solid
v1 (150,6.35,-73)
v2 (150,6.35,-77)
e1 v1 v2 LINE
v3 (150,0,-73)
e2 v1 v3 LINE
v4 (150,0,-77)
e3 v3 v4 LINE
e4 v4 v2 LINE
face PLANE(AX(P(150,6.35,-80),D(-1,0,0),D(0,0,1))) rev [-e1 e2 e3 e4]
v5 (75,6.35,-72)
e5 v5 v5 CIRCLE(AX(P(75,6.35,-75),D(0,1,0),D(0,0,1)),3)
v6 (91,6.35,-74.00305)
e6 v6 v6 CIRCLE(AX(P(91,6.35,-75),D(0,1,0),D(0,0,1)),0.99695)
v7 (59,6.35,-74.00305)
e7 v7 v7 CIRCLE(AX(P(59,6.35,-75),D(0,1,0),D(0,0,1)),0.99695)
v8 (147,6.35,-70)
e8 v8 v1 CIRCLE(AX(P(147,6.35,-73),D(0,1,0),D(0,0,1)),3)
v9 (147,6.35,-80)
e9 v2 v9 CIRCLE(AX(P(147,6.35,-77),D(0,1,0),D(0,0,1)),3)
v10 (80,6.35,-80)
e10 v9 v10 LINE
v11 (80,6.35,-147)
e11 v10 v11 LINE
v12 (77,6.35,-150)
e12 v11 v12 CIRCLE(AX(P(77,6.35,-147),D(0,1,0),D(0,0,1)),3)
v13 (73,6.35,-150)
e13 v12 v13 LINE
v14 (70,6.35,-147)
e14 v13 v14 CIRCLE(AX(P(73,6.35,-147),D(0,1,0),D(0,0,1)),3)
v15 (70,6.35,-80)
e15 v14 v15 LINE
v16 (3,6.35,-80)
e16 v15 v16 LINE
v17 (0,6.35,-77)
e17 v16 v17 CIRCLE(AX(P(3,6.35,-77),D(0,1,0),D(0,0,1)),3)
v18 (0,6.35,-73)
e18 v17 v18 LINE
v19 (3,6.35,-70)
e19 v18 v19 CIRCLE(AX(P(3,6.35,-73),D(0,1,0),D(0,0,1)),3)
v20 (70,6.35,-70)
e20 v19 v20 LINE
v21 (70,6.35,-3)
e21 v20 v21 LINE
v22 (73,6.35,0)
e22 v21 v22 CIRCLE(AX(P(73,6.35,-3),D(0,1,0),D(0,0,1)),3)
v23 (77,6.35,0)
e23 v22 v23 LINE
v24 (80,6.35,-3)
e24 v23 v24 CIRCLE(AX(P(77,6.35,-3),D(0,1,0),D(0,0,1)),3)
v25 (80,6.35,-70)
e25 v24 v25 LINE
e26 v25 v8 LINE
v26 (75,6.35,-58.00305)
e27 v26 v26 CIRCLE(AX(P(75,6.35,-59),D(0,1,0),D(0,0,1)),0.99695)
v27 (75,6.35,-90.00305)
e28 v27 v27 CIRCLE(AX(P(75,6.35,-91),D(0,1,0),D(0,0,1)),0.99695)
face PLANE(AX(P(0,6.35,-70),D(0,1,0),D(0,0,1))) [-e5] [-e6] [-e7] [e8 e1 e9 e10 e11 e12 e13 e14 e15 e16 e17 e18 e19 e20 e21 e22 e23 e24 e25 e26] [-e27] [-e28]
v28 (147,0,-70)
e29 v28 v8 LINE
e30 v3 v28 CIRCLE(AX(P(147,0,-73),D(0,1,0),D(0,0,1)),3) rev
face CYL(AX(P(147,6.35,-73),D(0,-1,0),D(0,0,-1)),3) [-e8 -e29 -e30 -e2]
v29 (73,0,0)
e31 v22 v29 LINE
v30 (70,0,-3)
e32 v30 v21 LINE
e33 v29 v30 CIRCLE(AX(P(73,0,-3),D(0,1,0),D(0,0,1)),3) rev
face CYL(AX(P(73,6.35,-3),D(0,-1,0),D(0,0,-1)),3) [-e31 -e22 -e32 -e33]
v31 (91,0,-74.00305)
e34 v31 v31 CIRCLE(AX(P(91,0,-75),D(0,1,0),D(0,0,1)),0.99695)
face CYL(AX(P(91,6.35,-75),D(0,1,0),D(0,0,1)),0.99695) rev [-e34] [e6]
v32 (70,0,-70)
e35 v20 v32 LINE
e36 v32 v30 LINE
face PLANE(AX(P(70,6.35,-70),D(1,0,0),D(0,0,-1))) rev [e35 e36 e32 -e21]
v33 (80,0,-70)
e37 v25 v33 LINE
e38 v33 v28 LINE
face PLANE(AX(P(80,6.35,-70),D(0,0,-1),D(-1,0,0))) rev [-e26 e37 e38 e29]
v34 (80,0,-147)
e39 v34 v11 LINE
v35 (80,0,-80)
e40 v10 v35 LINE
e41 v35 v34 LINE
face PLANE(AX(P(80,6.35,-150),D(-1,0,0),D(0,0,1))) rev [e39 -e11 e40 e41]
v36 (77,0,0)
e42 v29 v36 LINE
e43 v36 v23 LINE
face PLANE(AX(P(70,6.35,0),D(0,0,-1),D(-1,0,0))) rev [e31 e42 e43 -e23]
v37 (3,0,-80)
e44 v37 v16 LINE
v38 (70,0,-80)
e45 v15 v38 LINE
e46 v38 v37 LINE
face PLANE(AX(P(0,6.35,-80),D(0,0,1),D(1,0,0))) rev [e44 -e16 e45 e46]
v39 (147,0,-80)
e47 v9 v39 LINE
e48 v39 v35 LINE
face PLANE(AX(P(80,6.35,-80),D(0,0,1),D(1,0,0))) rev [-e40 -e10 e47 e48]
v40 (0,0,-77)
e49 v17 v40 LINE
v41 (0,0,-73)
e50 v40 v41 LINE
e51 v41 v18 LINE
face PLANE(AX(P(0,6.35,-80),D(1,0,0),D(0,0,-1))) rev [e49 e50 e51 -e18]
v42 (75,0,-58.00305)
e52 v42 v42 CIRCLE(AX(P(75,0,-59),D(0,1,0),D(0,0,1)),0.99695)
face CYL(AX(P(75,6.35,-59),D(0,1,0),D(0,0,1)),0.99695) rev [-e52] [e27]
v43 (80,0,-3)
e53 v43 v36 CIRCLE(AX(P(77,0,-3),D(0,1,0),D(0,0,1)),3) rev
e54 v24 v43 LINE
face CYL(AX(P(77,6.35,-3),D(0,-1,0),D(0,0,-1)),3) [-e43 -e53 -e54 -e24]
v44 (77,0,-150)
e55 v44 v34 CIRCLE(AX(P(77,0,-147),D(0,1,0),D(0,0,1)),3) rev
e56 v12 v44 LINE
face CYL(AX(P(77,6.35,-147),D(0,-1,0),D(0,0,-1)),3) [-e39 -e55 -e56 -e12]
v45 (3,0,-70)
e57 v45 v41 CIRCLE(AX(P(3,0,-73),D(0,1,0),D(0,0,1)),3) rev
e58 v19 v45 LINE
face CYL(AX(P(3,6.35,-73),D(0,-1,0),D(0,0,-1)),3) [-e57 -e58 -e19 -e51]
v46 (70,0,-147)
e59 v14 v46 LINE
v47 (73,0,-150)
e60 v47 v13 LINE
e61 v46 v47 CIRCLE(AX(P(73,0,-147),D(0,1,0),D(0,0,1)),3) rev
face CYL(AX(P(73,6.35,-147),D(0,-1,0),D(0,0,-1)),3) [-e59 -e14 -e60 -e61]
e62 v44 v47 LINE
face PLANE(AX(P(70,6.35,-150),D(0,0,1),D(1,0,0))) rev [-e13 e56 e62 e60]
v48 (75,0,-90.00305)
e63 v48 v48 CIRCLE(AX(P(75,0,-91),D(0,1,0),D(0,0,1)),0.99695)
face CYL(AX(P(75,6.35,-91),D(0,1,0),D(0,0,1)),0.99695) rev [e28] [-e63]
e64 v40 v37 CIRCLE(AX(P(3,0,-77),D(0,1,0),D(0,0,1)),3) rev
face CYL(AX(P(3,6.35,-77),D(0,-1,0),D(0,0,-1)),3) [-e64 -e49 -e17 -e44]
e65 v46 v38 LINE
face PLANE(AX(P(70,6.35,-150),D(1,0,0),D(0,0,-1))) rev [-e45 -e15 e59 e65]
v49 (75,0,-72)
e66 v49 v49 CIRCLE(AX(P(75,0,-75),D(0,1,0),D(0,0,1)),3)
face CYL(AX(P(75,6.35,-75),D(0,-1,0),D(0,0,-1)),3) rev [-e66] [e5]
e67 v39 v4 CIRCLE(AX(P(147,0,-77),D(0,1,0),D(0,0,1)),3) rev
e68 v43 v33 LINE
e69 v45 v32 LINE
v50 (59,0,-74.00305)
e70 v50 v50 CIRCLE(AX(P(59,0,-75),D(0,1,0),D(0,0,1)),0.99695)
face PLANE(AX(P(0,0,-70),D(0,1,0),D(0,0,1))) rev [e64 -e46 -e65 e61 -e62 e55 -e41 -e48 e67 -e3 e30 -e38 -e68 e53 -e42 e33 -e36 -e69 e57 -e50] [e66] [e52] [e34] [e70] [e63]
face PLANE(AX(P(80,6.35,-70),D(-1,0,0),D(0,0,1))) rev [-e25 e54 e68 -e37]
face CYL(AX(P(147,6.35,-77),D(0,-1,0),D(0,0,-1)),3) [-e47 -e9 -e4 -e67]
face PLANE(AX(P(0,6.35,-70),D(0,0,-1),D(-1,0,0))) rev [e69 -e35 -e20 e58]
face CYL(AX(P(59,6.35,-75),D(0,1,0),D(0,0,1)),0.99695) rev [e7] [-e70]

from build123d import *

# Parameters (mm, degrees)
MAIN_SHAPE_DEPTH                = 6.35
BASE_X_HOLES_D                  = 1.9939
BASE_X_HOLES_DEPTH              = 7.67
BASE_X_HOLES_TIP                = 0.599027994
FILLET1_R                       = 3
SKETCH5_R                       = 3
CUTOUT_FOR_MOUNTING_SCREW_DEPTH = 7.35


with BuildPart() as part:
    # Sketch1 → main shape (new body)
    with BuildSketch(Plane(origin=(0, 0, 0), x_dir=(1, 0, 0), z_dir=(0, 1, 0))):
        Polygon((80, 80), (150, 80), (150, 70), (80, 70), (80, 0), (70, 0), (70, 70), (0, 70), (0, 80), (70, 80), (70, 150), (80, 150), align=None)
    extrude(amount=MAIN_SHAPE_DEPTH)

    # base X holes
    with Locations(Plane(origin=(0, 6.35, 0), x_dir=(-1, 0, 0), z_dir=(0, 1, 0))):
        with Locations((-75, -91), (-59, -75), (-75, -59), (-91, -75)):
            Hole(BASE_X_HOLES_D / 2, depth=BASE_X_HOLES_DEPTH)
            with Locations((0, 0, -(BASE_X_HOLES_DEPTH + BASE_X_HOLES_TIP / 2))):  # 118° drill point
                Cone(0, BASE_X_HOLES_D / 2, BASE_X_HOLES_TIP, mode=Mode.SUBTRACT)

    # Fillet1
    fillet1_edges = [part.edges().sort_by_distance(p)[0] for p in [
        (0, 3.175, -80),
        (70, 3.175, -150),
        (80, 3.175, -150),
        (150, 3.175, -80),
        (150, 3.175, -70),
        (80, 3.175, 0),
        (70, 3.175, 0),
        (0, 3.175, -70),
    ]]
    fillet(fillet1_edges, radius=FILLET1_R)

    # Sketch5 → cutout for mounting screw (cut, through all)
    with BuildSketch(Plane(origin=(0, 0, 0), x_dir=(1, 0, 0), z_dir=(0, 1, 0))):
        with Locations((75, 75)):
            Circle(SKETCH5_R)
    extrude(amount=CUTOUT_FOR_MOUNTING_SCREW_DEPTH, mode=Mode.SUBTRACT)


solid = part.part
